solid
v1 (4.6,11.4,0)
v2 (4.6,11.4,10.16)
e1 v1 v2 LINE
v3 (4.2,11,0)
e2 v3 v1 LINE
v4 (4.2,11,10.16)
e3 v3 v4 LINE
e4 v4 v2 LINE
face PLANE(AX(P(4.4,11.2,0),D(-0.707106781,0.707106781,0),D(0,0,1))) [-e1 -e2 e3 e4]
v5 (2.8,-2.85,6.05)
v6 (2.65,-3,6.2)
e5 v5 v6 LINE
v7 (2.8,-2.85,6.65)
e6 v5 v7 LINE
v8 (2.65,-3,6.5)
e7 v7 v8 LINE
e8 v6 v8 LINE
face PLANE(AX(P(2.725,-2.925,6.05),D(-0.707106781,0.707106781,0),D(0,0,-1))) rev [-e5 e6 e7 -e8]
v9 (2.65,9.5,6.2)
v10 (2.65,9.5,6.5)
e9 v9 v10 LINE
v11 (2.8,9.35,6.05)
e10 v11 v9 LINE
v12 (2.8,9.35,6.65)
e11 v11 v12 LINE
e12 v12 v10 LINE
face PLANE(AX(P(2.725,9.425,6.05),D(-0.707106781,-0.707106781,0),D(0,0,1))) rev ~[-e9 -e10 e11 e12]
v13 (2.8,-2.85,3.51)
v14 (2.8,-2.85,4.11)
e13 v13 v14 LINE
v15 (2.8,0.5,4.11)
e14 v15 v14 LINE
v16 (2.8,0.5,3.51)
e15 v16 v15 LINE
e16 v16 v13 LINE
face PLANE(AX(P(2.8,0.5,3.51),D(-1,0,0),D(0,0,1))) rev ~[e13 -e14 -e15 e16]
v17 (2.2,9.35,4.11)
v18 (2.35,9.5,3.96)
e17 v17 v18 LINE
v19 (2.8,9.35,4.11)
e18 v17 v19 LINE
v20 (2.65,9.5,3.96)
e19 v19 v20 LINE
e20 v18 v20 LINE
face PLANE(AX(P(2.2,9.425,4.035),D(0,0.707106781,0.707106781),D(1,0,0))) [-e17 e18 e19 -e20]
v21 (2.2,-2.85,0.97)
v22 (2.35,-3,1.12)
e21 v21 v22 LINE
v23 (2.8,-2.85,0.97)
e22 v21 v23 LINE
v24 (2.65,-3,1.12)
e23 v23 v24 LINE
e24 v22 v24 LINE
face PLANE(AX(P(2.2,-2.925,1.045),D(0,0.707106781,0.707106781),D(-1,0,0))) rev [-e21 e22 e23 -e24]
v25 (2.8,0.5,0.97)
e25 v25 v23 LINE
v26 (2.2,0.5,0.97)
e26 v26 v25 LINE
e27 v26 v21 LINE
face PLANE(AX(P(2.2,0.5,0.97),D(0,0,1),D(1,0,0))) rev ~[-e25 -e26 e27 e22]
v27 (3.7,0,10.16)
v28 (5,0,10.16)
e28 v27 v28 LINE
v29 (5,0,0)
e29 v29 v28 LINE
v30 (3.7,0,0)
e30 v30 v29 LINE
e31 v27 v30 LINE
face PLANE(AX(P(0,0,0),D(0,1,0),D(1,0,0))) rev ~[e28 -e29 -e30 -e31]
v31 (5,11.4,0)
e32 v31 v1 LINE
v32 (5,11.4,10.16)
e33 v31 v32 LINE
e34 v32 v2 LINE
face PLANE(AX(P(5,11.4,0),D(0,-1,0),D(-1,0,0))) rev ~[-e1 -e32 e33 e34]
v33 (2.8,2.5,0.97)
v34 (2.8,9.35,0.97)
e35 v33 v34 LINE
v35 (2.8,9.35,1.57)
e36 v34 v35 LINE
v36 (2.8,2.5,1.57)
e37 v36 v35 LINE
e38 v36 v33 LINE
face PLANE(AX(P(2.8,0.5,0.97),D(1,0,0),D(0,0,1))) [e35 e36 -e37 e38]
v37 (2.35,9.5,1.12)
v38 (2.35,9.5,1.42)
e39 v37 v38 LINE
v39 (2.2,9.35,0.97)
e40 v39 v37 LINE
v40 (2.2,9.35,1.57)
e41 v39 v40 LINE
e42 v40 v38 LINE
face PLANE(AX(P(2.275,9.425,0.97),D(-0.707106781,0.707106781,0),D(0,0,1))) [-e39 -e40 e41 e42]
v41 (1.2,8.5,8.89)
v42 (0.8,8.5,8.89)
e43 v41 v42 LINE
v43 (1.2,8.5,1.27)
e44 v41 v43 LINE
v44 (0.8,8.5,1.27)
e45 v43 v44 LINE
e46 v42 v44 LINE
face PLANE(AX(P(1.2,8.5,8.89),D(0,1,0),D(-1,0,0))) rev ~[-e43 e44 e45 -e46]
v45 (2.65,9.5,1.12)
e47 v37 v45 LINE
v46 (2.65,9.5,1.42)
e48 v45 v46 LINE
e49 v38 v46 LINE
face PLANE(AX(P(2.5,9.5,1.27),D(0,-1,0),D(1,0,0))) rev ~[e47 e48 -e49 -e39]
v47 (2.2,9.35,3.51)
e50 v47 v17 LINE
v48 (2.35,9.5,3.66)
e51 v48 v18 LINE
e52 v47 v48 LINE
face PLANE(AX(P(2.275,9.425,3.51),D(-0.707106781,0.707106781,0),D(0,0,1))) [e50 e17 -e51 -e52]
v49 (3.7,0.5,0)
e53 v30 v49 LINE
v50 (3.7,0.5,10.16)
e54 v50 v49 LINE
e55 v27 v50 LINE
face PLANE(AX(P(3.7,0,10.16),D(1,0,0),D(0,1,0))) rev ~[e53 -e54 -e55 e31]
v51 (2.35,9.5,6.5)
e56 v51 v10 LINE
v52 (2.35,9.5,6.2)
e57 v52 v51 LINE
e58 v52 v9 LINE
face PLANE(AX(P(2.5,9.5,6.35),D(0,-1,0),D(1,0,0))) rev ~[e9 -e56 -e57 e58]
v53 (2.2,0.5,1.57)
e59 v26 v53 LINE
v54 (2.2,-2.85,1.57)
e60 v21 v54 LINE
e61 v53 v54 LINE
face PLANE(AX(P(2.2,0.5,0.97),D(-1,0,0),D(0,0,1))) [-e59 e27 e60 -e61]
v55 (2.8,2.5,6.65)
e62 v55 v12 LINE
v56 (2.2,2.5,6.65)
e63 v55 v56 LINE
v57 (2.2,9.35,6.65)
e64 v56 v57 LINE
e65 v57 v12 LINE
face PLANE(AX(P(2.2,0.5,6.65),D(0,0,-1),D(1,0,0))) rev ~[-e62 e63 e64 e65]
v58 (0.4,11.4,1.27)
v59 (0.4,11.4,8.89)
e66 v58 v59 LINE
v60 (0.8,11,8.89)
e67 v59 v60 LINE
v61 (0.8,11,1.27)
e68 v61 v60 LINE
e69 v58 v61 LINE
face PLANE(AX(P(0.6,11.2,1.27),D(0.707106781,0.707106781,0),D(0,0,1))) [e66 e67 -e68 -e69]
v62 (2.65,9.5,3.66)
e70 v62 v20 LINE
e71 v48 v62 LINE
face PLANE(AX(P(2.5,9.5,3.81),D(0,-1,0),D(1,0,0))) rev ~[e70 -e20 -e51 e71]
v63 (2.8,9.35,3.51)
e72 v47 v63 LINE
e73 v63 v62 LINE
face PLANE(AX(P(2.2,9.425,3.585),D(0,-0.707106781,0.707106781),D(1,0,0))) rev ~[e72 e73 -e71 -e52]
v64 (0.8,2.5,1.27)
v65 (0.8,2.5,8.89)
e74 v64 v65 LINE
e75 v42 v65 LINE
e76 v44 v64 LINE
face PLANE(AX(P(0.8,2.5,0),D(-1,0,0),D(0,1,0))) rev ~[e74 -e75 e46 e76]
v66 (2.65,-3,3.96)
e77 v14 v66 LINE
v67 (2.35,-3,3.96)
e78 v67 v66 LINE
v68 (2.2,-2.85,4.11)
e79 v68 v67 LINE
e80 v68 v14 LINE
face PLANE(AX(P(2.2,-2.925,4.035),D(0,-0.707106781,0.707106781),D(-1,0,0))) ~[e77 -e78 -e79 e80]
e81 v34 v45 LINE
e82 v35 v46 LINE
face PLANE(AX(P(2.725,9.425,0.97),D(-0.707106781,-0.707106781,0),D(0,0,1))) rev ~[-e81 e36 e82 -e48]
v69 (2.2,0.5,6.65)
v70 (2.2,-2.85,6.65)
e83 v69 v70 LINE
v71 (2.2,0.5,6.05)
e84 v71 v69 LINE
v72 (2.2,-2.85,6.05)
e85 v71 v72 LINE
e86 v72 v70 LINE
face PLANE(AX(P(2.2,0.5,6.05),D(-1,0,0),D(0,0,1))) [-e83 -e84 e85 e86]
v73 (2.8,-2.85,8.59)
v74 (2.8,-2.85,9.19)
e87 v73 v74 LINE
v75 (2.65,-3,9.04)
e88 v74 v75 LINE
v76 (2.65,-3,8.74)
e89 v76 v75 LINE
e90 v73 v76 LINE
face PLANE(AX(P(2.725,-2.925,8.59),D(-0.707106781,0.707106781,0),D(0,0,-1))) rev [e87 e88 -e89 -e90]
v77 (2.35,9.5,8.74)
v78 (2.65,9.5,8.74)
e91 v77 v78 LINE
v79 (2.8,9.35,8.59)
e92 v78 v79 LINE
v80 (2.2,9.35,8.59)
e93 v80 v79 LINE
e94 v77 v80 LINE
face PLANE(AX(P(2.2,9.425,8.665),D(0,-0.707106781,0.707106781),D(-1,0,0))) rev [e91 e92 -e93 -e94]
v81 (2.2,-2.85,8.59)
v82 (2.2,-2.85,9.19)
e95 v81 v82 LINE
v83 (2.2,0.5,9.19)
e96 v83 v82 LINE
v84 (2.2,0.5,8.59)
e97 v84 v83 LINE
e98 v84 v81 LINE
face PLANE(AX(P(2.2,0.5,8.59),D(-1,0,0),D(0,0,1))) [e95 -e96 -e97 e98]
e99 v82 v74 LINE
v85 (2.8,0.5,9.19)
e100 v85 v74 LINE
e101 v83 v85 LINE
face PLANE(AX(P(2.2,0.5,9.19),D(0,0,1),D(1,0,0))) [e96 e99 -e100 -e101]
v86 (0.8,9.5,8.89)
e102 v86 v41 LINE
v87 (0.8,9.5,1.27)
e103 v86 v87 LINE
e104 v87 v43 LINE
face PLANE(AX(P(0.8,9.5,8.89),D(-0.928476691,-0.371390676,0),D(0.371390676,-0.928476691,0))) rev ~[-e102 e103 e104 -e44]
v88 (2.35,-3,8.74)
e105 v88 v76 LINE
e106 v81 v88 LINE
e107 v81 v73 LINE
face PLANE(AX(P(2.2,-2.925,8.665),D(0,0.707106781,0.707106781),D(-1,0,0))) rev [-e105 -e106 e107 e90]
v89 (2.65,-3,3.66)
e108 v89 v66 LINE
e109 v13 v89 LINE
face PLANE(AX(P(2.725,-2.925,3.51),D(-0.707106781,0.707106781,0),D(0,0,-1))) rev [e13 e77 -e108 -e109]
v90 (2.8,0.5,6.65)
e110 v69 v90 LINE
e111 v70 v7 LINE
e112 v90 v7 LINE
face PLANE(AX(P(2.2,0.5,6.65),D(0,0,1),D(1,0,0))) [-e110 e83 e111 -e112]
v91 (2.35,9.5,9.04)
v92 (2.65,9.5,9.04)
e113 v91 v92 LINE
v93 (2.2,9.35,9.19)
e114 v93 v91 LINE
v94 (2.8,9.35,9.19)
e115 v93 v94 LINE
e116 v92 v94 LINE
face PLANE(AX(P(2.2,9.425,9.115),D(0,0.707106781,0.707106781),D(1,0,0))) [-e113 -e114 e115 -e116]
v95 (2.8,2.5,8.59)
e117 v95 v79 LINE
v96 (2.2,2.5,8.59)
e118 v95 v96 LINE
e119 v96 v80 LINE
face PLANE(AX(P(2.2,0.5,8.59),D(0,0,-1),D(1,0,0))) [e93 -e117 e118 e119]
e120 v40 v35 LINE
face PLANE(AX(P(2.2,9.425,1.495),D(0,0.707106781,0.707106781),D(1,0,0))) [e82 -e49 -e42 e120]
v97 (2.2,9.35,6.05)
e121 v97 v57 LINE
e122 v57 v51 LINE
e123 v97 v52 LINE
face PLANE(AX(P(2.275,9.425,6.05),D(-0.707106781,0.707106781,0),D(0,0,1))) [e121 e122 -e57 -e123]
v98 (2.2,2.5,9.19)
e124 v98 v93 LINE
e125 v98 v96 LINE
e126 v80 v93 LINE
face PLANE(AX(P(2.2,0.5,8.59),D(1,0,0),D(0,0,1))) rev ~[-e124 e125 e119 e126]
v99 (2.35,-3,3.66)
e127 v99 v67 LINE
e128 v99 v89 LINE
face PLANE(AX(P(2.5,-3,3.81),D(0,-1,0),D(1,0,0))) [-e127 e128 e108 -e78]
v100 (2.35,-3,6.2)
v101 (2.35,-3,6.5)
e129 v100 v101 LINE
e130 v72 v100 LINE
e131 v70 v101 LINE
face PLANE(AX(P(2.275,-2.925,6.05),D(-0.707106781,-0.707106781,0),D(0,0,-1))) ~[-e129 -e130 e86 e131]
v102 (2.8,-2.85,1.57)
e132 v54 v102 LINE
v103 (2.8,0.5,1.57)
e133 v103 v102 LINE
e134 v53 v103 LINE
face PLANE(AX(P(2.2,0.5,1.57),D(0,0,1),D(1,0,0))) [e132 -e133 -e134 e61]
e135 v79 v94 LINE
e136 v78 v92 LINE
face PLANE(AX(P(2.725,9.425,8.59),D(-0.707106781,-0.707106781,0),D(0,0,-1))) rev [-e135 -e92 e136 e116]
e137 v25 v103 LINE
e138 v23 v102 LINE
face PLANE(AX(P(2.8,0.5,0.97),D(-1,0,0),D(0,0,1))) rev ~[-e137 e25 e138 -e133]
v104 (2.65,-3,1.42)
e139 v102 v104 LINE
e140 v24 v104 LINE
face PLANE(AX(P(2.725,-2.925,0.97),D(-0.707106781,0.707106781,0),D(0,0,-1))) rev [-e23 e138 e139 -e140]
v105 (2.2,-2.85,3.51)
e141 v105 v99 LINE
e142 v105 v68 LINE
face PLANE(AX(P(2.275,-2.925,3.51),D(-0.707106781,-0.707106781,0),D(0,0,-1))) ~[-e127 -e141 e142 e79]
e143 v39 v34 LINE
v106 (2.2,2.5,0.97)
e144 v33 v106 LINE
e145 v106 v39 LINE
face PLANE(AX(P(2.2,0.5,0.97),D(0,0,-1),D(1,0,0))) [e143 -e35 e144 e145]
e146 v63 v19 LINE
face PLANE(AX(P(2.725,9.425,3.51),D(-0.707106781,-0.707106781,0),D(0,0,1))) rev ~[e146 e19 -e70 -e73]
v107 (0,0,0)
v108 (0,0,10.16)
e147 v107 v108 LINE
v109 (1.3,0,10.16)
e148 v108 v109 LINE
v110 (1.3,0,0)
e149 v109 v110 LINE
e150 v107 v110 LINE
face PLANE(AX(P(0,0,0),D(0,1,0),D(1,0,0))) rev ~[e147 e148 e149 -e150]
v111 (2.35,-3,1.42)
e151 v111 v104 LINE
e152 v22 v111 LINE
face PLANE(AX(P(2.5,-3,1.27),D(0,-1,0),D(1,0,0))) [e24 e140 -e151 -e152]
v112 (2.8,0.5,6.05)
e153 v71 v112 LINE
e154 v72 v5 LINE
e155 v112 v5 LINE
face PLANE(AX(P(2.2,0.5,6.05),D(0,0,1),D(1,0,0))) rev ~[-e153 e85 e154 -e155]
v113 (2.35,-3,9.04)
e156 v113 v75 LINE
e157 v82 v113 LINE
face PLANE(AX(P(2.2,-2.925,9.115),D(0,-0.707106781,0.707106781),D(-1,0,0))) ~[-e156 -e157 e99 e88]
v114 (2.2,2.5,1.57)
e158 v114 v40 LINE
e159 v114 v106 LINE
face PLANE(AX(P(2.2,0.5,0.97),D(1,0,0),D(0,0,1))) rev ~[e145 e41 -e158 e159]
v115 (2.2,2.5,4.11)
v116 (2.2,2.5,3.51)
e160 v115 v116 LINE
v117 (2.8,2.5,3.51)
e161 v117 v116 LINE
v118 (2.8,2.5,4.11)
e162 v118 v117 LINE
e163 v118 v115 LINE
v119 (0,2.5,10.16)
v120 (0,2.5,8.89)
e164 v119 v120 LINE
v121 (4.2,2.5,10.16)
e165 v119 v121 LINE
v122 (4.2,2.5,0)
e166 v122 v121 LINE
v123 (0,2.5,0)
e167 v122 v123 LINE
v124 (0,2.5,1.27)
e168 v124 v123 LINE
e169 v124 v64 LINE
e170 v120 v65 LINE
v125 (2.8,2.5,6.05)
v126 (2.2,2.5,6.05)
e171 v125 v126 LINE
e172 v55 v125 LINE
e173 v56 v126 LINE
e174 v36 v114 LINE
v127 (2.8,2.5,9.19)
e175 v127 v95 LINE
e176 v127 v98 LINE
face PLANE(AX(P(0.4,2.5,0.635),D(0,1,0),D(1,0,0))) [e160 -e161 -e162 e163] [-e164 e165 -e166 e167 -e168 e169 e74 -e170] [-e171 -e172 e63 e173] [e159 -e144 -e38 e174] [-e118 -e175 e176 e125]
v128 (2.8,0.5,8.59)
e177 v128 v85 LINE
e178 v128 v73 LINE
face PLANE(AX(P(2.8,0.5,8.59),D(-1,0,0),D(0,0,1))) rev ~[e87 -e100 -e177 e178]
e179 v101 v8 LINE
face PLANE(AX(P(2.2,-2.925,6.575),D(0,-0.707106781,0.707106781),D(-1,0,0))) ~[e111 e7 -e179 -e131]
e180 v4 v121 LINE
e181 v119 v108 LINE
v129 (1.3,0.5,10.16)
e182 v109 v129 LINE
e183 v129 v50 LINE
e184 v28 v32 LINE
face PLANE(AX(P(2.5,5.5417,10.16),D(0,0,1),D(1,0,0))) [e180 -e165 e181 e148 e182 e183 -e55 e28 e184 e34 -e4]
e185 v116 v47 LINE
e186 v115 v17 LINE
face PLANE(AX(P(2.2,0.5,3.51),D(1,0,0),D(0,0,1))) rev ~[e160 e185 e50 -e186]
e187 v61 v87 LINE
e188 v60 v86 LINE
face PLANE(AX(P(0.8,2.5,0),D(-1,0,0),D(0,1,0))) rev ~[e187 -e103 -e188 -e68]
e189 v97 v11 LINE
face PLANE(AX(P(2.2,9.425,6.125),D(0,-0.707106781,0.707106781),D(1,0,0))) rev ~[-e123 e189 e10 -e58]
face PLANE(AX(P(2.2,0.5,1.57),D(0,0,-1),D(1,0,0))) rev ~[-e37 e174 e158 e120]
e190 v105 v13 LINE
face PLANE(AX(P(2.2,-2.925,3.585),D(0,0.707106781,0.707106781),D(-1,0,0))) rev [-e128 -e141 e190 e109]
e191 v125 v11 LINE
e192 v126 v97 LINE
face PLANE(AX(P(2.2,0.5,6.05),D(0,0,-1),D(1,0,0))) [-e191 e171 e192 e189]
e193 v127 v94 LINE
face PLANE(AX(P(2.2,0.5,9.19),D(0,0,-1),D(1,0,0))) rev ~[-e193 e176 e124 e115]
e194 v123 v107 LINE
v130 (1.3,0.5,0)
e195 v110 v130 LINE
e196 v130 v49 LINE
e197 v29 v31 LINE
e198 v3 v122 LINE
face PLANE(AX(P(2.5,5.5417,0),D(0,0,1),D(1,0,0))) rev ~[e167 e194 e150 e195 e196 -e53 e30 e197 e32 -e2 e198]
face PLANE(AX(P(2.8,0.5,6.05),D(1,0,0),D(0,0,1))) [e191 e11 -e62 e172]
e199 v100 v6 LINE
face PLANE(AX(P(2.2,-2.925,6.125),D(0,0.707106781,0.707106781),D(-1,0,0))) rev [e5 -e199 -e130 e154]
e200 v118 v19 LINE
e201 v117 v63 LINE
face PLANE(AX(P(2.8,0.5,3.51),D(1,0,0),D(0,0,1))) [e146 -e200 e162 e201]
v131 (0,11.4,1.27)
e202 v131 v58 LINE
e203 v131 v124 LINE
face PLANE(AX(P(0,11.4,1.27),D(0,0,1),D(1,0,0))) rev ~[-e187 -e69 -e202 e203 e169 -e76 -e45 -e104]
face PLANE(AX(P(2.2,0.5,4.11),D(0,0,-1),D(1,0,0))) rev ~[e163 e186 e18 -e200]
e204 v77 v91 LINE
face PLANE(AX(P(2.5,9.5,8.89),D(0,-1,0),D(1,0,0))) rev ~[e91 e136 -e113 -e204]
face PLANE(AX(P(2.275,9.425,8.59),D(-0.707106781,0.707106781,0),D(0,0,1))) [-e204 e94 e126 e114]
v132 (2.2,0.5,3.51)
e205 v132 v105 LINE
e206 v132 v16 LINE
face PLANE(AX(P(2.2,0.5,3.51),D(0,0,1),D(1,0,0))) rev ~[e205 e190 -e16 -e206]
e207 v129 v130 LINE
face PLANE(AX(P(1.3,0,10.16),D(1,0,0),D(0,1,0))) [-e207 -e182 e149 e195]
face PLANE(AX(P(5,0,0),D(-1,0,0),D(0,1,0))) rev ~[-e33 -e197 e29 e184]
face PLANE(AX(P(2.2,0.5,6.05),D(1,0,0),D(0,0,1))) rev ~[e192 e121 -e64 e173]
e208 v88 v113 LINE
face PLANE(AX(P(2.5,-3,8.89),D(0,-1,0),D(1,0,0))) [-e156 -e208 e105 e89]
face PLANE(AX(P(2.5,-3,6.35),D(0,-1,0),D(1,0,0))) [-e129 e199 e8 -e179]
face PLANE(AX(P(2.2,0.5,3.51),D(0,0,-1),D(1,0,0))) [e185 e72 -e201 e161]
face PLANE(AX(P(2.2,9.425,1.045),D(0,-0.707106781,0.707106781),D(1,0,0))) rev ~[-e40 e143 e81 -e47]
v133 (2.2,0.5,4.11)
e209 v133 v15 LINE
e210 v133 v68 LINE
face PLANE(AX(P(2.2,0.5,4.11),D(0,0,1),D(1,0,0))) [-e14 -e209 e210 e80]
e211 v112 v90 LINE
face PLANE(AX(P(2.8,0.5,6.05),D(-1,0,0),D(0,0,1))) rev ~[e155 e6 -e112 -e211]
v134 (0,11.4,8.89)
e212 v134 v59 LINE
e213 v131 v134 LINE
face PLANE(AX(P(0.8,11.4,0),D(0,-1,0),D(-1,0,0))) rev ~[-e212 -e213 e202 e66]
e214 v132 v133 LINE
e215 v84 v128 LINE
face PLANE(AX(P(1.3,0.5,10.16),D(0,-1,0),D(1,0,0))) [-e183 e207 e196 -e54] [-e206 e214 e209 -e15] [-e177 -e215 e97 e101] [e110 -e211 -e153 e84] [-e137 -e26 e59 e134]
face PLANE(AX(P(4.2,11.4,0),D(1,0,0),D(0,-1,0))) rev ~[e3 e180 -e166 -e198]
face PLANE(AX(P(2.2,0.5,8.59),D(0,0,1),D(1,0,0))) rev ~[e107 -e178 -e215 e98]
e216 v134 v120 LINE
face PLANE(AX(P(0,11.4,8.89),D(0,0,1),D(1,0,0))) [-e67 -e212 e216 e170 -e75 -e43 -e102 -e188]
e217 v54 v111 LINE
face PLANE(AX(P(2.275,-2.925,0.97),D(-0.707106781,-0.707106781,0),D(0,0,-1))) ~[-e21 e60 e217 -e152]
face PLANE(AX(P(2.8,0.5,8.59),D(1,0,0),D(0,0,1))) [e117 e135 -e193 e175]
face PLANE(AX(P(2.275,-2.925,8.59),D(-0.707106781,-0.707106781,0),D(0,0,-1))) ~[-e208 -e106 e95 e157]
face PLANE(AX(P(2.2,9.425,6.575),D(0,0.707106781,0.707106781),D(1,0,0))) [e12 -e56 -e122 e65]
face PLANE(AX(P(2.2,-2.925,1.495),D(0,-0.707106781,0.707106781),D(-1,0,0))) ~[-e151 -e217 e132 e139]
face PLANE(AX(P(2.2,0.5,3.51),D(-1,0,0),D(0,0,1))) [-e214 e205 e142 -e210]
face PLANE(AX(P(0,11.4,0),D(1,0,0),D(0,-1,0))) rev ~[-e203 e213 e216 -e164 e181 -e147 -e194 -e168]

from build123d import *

# Parameters (mm, degrees)
BOSS_EXTRU_1_DEPTH      = 10.16
ESQUISSE3_W             = 0.8
ESQUISSE3_H             = 1.27
ENL_V_MAT_EXTRU_1_DEPTH = 8.9
ESQUISSE4_W             = 2.4
ESQUISSE4_H             = 0.5
ENL_V_MAT_EXTRU_2_DEPTH = 11.16
ESQUISSE2_W             = 0.6
ESQUISSE2_H             = 0.6
BOSS_EXTRU_2_DEPTH      = 3.5
BOSS_EXTRU_2_DEPTH_BACK = 9
BOSS_EXTRU_3_DEPTH      = 7.62
CHANFREIN4_SIZE         = 0.15
CHANFREIN5_SIZE         = 0.4


with BuildPart() as part:
    # Esquisse1 → Boss.-Extru.1 (new body)
    with BuildSketch(Plane.XY):
        Polygon((0, 11.4), (0, 0), (5, 0), (5, 11.4), (4.2, 11.4), (4.2, 2.5), (0.8, 2.5), (0.8, 11.4), align=None)
    extrude(amount=BOSS_EXTRU_1_DEPTH)

    # Esquisse3 → Enlèv. mat.-Extru.1 (cut)
    with BuildSketch(Plane(origin=(0, 11.4, 0), x_dir=(1, 0, 0), z_dir=(0, 1, 0))):
        with Locations((0.4, -0.635)):
            Rectangle(ESQUISSE3_W, ESQUISSE3_H)
        with Locations((0.4, -9.525)):
            Rectangle(ESQUISSE3_W, ESQUISSE3_H)
    extrude(amount=-ENL_V_MAT_EXTRU_1_DEPTH, mode=Mode.SUBTRACT)

    # Esquisse4 → Enlèv. mat.-Extru.2 (cut, through all)
    with BuildSketch(Plane.XY.offset(10.16)):
        with Locations((2.5, 0.25)):
            Rectangle(ESQUISSE4_W, ESQUISSE4_H)
    extrude(amount=-ENL_V_MAT_EXTRU_2_DEPTH, mode=Mode.SUBTRACT)

    # Esquisse2 → Boss.-Extru.2 (add, two sides)
    with BuildSketch(Plane.XZ.offset(-0.5)) as boss_extru_2_sk:
        with Locations((2.5, 8.89)):
            Rectangle(ESQUISSE2_W, ESQUISSE2_H)
        with Locations((2.5, 1.27)):
            Rectangle(ESQUISSE2_W, ESQUISSE2_H)
        with Locations((2.5, 6.35)):
            Rectangle(ESQUISSE2_W, ESQUISSE2_H)
        with Locations((2.5, 3.81)):
            Rectangle(ESQUISSE2_W, ESQUISSE2_H)
    extrude(amount=BOSS_EXTRU_2_DEPTH)
    extrude(boss_extru_2_sk.sketch, amount=-BOSS_EXTRU_2_DEPTH_BACK)

    # Esquisse5 → Boss.-Extru.3 (add)
    with BuildSketch(Plane.XY.offset(8.89)):
        Polygon((0.8, 9.5), (1.2, 8.5), (0.8, 8.5), align=None)
    extrude(amount=-BOSS_EXTRU_3_DEPTH)

    # Chanfrein4
    chanfrein4_edges = [part.edges().sort_by_distance(p)[0] for p in [
        (2.8, 9.5, 6.35),
        (2.5, 9.5, 6.05),
        (2.2, 9.5, 6.35),
        (2.5, 9.5, 6.65),
        (2.8, -3, 6.35),
        (2.5, -3, 6.65),
        (2.2, -3, 6.35),
        (2.5, -3, 6.05),
        (2.8, 9.5, 3.81),
        (2.5, 9.5, 3.51),
        (2.2, 9.5, 3.81),
        (2.5, 9.5, 4.11),
        (2.8, -3, 3.81),
        (2.5, -3, 4.11),
        (2.2, -3, 3.81),
        (2.5, -3, 3.51),
        (2.8, 9.5, 8.89),
        (2.5, 9.5, 8.59),
        (2.2, 9.5, 8.89),
        (2.5, 9.5, 9.19),
        (2.8, -3, 8.89),
        (2.5, -3, 9.19),
        (2.2, -3, 8.89),
        (2.5, -3, 8.59),
        (2.8, 9.5, 1.27),
        (2.5, 9.5, 0.97),
        (2.2, 9.5, 1.27),
        (2.5, 9.5, 1.57),
        (2.8, -3, 1.27),
        (2.5, -3, 1.57),
        (2.2, -3, 1.27),
        (2.5, -3, 0.97),
    ]]
    chamfer(chanfrein4_edges, length=CHANFREIN4_SIZE)

    # Chanfrein5
    chanfrein5_edges = [part.edges().sort_by_distance(p)[0] for p in [
        (4.2, 11.4, 5.08),
        (0.8, 11.4, 5.08),
    ]]
    chamfer(chanfrein5_edges, length=CHANFREIN5_SIZE)


solid = part.part
